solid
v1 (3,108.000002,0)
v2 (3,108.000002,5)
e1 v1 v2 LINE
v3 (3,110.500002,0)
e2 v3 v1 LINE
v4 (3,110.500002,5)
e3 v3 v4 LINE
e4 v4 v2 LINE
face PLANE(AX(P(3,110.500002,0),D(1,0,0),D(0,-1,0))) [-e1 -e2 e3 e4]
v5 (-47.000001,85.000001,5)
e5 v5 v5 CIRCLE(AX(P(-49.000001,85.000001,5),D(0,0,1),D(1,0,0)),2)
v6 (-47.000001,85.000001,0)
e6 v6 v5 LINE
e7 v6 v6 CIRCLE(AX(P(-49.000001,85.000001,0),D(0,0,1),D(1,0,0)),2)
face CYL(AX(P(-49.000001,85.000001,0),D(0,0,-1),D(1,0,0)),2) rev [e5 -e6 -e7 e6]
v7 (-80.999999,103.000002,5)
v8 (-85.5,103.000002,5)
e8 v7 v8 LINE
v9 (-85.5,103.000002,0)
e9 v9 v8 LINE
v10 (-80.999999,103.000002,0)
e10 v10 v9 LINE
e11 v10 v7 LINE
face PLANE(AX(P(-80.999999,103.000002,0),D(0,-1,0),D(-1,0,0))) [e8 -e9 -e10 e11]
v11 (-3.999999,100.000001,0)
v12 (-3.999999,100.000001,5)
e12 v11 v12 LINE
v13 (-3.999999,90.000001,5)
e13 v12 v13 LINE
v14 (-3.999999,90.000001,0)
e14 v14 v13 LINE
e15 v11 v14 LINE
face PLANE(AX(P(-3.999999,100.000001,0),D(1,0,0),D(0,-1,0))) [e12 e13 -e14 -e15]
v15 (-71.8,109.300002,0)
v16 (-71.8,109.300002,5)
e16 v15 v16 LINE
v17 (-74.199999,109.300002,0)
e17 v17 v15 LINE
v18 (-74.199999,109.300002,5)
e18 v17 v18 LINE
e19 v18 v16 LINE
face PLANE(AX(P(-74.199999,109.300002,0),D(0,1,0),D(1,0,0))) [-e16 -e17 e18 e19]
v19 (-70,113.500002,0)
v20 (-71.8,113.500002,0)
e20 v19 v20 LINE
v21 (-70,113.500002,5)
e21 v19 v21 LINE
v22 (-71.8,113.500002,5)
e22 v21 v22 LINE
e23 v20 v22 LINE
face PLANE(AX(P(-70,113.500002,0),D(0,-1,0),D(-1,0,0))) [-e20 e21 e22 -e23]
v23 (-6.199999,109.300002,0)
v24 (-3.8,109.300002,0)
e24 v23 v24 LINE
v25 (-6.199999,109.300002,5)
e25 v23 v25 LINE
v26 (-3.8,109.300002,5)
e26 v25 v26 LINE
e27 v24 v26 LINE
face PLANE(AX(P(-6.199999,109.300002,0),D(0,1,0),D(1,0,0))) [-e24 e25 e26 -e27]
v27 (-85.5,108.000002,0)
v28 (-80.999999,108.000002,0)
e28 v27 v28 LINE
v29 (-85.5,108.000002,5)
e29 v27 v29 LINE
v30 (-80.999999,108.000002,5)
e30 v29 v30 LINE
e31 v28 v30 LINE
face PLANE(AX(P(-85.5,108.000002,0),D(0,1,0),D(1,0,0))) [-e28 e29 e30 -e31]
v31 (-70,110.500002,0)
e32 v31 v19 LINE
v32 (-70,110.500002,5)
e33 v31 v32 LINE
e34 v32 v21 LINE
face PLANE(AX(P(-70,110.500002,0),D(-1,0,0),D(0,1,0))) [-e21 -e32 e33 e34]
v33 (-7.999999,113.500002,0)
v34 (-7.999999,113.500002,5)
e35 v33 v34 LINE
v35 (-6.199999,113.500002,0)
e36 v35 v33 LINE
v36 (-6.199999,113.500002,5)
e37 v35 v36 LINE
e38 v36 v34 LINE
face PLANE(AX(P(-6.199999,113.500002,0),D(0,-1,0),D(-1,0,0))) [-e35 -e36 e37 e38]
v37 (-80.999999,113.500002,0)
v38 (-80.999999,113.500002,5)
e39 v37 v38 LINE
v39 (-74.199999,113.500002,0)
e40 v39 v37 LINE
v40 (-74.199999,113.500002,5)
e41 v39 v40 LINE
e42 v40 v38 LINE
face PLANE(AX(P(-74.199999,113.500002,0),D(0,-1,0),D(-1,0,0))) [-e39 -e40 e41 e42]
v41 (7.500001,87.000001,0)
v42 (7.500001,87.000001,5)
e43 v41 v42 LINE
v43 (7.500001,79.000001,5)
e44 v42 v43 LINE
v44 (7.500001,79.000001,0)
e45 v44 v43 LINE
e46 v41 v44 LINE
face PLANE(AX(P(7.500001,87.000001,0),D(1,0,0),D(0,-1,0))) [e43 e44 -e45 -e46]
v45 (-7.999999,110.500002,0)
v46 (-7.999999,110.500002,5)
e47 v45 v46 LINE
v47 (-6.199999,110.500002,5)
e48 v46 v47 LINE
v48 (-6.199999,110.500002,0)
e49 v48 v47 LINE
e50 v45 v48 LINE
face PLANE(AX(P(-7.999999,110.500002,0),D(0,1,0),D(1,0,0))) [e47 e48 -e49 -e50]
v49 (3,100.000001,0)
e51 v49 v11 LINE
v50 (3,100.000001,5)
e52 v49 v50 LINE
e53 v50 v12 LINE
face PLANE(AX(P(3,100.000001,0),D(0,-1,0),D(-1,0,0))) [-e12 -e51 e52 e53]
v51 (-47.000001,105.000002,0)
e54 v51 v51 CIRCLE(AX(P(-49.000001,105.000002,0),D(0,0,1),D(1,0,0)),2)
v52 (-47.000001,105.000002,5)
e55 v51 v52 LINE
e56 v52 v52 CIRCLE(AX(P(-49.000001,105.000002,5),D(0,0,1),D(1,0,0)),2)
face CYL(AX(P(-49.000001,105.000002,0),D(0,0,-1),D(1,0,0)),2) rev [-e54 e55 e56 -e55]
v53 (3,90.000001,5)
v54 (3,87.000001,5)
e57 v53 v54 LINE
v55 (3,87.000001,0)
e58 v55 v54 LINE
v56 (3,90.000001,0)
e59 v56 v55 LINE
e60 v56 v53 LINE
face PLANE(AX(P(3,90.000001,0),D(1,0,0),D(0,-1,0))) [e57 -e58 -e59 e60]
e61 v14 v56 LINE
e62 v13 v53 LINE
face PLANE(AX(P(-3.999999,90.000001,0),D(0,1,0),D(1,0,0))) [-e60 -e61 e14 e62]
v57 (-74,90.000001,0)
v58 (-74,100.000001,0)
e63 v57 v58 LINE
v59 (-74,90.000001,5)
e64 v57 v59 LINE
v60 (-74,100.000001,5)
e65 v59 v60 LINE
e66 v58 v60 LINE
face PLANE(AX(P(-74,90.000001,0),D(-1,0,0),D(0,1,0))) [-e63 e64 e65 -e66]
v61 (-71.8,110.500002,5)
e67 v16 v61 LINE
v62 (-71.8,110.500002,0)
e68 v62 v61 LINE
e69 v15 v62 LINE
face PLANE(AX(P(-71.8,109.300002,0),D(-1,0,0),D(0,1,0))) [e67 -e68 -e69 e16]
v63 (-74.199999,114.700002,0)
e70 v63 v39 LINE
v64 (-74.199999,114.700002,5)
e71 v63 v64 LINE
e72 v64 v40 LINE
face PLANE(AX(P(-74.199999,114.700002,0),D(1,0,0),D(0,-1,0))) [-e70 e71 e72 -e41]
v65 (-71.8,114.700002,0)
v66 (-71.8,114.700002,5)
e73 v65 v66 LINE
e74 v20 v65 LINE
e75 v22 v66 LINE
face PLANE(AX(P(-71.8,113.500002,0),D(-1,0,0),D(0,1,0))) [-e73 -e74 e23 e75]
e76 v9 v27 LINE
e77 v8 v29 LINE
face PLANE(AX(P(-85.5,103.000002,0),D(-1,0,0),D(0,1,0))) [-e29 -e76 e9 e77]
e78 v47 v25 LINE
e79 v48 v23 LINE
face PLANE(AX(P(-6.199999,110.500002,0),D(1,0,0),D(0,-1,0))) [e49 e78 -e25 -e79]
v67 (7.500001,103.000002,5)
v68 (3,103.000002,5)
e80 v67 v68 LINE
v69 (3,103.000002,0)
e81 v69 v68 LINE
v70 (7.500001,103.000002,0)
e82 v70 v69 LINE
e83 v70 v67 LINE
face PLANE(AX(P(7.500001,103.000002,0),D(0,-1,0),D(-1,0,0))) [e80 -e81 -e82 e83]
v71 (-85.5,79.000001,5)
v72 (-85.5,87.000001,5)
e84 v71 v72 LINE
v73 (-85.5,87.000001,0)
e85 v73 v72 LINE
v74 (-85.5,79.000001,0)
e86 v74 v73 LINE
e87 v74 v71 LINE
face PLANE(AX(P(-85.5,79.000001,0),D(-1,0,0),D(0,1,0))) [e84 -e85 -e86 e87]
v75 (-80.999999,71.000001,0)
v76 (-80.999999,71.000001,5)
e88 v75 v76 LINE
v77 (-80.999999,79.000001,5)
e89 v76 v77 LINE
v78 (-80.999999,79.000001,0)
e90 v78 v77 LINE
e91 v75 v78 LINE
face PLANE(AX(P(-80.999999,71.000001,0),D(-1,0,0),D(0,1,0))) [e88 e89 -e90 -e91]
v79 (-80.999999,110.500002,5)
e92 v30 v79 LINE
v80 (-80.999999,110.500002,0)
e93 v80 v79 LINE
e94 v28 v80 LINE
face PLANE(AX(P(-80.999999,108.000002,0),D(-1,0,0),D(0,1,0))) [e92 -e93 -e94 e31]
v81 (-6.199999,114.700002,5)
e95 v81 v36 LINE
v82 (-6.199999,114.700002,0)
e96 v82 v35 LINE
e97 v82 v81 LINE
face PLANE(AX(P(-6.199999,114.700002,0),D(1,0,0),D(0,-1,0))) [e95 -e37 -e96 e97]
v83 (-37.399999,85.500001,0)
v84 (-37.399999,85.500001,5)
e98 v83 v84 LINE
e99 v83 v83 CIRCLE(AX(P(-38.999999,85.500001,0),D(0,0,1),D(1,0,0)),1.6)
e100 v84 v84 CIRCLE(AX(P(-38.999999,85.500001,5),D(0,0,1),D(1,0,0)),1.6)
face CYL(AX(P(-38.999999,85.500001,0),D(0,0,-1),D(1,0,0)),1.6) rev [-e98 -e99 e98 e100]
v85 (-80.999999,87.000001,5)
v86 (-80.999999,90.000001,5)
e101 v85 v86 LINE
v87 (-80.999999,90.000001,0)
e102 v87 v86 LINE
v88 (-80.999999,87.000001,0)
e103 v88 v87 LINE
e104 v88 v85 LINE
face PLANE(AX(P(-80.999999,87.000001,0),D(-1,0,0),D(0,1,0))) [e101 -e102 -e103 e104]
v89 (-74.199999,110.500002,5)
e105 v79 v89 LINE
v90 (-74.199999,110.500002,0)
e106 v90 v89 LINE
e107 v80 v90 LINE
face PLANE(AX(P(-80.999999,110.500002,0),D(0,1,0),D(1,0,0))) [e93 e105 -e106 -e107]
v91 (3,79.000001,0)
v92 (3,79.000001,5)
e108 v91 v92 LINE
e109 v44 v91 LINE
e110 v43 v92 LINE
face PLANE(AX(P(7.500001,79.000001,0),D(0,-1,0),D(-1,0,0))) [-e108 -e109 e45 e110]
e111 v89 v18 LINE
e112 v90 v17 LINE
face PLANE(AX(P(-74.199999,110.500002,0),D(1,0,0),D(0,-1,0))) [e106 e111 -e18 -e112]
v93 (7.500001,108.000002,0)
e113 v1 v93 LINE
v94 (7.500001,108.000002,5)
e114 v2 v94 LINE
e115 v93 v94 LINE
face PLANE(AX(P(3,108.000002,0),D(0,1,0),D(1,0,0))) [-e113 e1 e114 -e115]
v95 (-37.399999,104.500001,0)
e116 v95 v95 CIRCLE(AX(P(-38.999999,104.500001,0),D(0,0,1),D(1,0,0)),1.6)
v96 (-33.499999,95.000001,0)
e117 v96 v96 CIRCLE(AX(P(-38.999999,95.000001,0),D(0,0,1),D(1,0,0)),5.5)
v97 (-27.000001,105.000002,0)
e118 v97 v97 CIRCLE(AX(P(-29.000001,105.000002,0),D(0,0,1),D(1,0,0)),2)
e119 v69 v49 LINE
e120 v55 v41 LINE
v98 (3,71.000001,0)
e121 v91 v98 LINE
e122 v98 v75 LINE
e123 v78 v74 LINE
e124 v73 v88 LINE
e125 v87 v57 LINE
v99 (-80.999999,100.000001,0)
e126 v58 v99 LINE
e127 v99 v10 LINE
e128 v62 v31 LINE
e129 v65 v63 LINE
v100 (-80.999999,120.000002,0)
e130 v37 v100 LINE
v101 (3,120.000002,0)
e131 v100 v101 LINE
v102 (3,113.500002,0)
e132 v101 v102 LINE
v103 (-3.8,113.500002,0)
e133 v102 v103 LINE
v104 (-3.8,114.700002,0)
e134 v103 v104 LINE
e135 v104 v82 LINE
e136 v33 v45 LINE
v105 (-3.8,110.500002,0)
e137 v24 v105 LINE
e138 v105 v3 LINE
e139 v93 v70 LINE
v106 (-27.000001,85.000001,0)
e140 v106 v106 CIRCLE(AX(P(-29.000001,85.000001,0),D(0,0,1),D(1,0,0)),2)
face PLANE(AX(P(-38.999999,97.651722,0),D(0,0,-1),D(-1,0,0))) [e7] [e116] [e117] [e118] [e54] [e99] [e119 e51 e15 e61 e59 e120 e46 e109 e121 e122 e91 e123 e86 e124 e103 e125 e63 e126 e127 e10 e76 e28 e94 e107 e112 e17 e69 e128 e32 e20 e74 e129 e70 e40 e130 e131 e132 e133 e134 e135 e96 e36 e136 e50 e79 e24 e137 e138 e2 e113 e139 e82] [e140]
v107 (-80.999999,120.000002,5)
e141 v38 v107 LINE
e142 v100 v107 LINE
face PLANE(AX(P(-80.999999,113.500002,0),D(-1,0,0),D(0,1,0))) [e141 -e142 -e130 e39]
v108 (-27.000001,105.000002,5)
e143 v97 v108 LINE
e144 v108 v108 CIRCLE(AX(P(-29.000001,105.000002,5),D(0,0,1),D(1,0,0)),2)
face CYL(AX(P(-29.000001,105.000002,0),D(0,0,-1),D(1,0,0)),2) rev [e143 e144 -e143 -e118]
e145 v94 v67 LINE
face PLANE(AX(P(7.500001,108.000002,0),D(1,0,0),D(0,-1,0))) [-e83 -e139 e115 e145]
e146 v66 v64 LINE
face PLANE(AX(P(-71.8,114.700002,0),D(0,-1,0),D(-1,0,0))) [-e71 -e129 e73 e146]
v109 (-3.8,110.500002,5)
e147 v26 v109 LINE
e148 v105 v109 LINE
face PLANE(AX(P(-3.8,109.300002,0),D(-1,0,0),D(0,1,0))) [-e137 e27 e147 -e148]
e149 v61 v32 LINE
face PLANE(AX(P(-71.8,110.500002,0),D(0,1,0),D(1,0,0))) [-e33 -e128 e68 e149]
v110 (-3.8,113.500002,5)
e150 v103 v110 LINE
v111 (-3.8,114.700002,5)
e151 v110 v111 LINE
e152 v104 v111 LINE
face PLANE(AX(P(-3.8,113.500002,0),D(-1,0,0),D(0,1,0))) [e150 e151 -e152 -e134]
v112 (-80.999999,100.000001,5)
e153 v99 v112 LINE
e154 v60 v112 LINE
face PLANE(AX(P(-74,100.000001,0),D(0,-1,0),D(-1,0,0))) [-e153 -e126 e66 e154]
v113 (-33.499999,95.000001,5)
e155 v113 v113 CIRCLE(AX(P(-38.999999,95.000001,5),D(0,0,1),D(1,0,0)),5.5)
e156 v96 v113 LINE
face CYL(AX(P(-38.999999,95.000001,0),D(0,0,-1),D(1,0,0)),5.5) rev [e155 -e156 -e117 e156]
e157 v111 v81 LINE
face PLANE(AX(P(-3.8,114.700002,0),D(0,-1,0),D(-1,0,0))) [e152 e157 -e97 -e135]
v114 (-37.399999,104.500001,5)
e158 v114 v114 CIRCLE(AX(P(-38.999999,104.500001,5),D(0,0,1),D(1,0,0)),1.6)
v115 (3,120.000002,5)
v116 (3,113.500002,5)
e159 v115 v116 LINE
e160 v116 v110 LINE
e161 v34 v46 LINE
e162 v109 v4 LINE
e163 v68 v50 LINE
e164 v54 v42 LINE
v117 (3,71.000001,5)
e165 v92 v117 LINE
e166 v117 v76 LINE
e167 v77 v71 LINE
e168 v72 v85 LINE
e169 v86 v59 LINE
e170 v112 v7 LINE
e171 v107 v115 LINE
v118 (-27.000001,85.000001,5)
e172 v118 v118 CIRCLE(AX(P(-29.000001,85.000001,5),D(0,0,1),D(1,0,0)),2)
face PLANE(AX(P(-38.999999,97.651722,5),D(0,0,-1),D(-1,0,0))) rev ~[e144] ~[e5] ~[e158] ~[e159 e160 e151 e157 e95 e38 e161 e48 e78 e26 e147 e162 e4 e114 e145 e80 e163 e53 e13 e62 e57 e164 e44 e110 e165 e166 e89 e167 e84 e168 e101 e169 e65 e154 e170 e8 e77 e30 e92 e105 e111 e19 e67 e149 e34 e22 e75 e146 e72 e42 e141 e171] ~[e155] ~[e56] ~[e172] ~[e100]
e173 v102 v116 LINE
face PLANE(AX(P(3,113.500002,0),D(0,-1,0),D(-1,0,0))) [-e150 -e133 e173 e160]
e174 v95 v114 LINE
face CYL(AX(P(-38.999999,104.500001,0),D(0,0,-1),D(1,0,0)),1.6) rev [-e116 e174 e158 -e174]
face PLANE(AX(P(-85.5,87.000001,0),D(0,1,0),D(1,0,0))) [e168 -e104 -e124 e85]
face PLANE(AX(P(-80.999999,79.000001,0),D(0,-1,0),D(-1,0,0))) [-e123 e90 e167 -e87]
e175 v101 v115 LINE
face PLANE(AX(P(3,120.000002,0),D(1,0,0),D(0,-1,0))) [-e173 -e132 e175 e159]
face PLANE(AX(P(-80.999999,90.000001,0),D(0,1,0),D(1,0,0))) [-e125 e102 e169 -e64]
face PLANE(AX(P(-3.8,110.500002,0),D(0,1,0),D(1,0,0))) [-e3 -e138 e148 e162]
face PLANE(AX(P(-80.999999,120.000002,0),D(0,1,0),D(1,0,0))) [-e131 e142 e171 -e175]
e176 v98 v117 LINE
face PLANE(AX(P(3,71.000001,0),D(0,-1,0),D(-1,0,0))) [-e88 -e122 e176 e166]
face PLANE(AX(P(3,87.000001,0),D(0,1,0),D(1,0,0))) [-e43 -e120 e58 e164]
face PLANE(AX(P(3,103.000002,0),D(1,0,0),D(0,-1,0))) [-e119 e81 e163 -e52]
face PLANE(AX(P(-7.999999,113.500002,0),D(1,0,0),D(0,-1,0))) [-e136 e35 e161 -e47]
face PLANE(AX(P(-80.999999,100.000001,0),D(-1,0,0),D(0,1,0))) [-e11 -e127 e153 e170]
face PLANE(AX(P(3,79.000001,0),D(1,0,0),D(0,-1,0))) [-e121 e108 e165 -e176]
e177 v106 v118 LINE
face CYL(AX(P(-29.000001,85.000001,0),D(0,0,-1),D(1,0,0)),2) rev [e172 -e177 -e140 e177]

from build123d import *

# Parameters (mm, degrees)
MODEL_R                  = 1.6
MODEL_R_2                = 2
MODEL_R_3                = 5.5
RESSALTO_EXTRUS_O1_DEPTH = 5


with BuildPart() as part:
    # Model → Ressalto-extrusão1 (new body)
    with BuildSketch(Plane.XY):
        Polygon((-6.199999159, 114.700001655), (-6.199999159, 113.500001714), (-7.999999159, 113.500001714), (-7.999999159, 110.500001669), (-6.199999159, 110.500001669), (-6.199999159, 109.300001727), (-3.799999815, 109.300001727), (-3.799999815, 110.500001669), (3.000000179, 110.500001669), (3.000000179, 108.000001654), (7.500000924, 108.000001654), (7.500000924, 103.000001535), (3.000000179, 103.000001535), (3.000000179, 100.00000149), (-3.999999195, 100.00000149), (-3.999999195, 90.000001341), (3.000000179, 90.000001341), (3.000000179, 87.000001296), (7.500000924, 87.000001296), (7.500000924, 79.000001177), (3.000000179, 79.000001177), (3.000000179, 71.000001058), (-80.999999166, 71.000001058), (-80.999999166, 79.000001177), (-85.499999911, 79.000001177), (-85.499999911, 87.000001296), (-80.999999166, 87.000001296), (-80.999999166, 90.000001341), (-73.999999791, 90.000001341), (-73.999999791, 100.00000149), (-80.999999166, 100.00000149), (-80.999999166, 103.000001535), (-85.499999911, 103.000001535), (-85.499999911, 108.000001654), (-80.999999166, 108.000001654), (-80.999999166, 110.500001669), (-74.199999172, 110.500001669), (-74.199999172, 109.300001727), (-71.799999827, 109.300001727), (-71.799999827, 110.500001669), (-69.999999827, 110.500001669), (-69.999999827, 113.500001714), (-71.799999827, 113.500001714), (-71.799999827, 114.700001655), (-74.199999172, 114.700001655), (-74.199999172, 113.500001714), (-80.999999166, 113.500001714), (-80.999999166, 120.000001773), (3.000000179, 120.000001773), (3.000000179, 113.500001714), (-3.799999815, 113.500001714), (-3.799999815, 114.700001655), align=None)
        with Locations((-38.999999449, 85.500001416)):
            Circle(MODEL_R, mode=Mode.SUBTRACT)
        with Locations((-29.000000507, 105.000001535)):
            Circle(MODEL_R_2, mode=Mode.SUBTRACT)
        with Locations((-38.999999449, 104.500001416)):
            Circle(MODEL_R, mode=Mode.SUBTRACT)
        with Locations((-49.000000507, 85.000001296)):
            Circle(MODEL_R_2, mode=Mode.SUBTRACT)
        with Locations((-49.000000507, 105.000001535)):
            Circle(MODEL_R_2, mode=Mode.SUBTRACT)
        with Locations((-38.999999493, 95.000001416)):
            Circle(MODEL_R_3, mode=Mode.SUBTRACT)
        with Locations((-29.000000507, 85.000001296)):
            Circle(MODEL_R_2, mode=Mode.SUBTRACT)
    extrude(amount=RESSALTO_EXTRUS_O1_DEPTH)


solid = part.part
